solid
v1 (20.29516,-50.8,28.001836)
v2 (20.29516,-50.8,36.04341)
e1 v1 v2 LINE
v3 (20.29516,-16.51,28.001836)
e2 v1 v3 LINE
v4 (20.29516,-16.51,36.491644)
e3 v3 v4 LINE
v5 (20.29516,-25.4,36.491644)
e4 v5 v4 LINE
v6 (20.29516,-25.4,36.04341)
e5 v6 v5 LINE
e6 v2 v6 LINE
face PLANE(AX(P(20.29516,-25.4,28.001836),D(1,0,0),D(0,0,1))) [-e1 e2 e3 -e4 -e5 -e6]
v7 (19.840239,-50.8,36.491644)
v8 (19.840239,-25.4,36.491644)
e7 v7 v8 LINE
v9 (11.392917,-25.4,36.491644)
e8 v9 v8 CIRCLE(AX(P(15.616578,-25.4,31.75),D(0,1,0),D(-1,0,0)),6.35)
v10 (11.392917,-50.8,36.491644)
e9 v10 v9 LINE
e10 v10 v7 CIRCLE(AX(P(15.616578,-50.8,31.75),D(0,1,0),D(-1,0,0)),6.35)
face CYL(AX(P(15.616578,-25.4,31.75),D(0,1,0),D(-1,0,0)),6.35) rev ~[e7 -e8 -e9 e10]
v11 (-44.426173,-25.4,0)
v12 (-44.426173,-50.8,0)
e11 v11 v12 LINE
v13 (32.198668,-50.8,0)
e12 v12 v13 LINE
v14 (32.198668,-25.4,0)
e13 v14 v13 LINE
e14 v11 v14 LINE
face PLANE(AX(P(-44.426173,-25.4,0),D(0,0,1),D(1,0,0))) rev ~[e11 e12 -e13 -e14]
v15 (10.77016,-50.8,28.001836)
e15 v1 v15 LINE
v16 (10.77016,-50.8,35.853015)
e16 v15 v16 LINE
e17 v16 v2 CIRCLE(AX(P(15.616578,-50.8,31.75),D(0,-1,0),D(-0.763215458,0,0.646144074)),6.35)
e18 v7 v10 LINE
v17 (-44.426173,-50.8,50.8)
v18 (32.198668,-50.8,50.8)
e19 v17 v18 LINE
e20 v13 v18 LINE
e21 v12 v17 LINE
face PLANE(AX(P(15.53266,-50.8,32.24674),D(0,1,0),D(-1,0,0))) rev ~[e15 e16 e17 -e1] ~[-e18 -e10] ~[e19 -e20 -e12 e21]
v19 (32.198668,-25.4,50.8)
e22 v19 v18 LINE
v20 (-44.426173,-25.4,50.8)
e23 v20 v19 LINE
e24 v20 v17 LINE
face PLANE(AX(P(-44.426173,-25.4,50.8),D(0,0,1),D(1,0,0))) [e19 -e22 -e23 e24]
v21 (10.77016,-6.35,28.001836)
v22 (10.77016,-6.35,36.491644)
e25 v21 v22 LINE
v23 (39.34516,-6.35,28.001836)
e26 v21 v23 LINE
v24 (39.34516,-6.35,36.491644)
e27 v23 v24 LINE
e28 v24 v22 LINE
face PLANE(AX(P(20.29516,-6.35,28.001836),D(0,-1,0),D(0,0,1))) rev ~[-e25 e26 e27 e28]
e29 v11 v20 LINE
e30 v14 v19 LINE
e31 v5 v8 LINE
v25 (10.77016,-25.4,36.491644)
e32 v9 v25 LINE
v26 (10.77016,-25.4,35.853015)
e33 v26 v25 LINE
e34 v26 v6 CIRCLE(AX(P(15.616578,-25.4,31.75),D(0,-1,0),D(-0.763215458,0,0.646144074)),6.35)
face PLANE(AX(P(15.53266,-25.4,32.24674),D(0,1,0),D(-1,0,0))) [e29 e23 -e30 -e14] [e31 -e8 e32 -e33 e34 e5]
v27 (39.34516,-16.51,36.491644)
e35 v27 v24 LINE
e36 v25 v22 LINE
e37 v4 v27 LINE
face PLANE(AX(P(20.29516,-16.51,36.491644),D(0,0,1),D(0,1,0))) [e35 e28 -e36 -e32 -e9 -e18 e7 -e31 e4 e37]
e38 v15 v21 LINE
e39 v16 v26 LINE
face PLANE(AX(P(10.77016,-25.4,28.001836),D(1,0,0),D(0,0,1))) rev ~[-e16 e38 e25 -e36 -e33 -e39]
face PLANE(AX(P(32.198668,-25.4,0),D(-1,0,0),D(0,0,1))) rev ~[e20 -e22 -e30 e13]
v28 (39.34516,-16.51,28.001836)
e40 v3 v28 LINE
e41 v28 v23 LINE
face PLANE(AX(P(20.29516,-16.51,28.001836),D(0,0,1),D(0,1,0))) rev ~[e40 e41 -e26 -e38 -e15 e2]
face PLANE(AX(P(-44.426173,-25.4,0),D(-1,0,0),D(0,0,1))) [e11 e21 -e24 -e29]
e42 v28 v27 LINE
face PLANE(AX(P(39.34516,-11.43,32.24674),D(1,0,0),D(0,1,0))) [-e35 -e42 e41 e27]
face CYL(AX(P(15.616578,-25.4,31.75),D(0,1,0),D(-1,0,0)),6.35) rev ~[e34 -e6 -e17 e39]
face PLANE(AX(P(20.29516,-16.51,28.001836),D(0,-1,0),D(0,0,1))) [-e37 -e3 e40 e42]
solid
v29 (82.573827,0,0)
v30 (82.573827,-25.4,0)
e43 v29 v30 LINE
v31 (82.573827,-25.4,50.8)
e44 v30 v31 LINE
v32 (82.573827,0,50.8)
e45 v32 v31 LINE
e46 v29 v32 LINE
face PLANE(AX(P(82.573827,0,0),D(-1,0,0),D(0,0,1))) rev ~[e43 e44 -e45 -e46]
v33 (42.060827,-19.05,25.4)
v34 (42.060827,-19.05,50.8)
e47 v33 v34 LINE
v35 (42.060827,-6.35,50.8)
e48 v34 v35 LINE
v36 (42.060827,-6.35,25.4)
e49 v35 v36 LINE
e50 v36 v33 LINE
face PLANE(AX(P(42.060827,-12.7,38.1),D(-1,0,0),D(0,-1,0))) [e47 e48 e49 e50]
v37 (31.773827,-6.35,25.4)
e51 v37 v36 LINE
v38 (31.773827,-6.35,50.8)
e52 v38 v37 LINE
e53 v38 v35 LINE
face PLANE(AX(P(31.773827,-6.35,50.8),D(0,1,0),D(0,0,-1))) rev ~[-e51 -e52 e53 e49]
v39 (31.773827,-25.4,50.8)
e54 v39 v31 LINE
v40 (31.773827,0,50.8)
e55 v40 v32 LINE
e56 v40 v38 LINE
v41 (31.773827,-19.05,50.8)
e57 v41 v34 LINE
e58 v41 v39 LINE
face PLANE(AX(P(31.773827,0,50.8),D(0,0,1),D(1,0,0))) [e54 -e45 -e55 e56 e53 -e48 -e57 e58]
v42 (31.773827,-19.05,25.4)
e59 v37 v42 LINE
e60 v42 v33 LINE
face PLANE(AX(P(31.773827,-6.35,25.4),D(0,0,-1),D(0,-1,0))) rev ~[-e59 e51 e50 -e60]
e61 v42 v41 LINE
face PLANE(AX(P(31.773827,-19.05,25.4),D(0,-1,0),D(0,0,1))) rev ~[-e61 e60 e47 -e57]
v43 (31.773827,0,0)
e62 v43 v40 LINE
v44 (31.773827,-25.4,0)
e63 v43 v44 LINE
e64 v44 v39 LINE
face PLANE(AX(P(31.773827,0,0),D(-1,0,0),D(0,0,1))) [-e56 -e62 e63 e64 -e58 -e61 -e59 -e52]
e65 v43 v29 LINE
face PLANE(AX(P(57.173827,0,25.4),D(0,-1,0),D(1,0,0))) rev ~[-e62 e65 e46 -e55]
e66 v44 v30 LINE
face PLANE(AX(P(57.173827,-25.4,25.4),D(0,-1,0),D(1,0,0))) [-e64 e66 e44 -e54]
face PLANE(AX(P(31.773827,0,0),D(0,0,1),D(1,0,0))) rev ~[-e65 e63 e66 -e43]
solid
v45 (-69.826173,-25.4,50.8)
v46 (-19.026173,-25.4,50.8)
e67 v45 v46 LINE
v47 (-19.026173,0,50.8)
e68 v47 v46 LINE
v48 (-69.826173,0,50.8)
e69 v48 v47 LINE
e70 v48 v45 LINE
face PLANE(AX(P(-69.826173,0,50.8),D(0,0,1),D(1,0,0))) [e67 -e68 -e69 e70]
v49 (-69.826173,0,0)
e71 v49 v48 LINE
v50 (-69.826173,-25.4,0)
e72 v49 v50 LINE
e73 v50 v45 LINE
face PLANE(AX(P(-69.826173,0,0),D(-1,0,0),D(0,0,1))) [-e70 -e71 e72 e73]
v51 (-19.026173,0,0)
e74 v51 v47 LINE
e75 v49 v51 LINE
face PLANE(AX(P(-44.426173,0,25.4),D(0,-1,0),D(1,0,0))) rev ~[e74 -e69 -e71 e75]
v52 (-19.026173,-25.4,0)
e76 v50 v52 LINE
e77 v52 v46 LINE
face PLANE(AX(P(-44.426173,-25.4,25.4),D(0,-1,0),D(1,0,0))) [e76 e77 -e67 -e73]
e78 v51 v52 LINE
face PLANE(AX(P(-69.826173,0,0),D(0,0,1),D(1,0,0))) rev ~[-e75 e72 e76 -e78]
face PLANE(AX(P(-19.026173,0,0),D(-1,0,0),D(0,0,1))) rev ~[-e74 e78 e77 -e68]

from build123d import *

# Parameters (mm, degrees)
F0_W          = 50.8
F0_H          = 50.8
F1_DEPTH      = 25.4
F2_W          = 76.6248404759
F2_H          = 50.8
F3_DEPTH      = 25.4
F4_R          = 6.35
F5_DEPTH      = 25.4
F7_DEPTH      = 10.287
F8_W          = 9.525
F8_H          = 8.4898080677
F9_DEPTH      = 25.4
F9_DEPTH_BACK = 19.05
F10_W         = 10.16
F10_H         = 8.4898080677
F11_DEPTH     = 19.05


with BuildPart() as f1:
    # F0 (on Front) → F1 (new body)
    with BuildSketch(Plane.XZ):
        with Locations((57.1738270503, 25.4)):
            Rectangle(F0_W, F0_H)
    extrude(amount=F1_DEPTH)

    # F6 (on face) → F7 (cut)
    with BuildSketch(Plane(origin=(31.7738270503, 0, 0), x_dir=(0, -1, 0), z_dir=(-1, 0, 0))):
        Polygon((6.35, 50.8), (6.35, 25.4), (19.05, 25.4), (19.05, 42.4634665251), (19.05, 50.8), align=None)
    extrude(amount=-F7_DEPTH, mode=Mode.SUBTRACT)


with BuildPart() as f1b:
    # F0 (on Front) → F1, piece 2 (new body)
    with BuildSketch(Plane.XZ):
        with Locations((-44.4261729497, 25.4)):
            Rectangle(F0_W, F0_H)
    extrude(amount=F1_DEPTH)


with BuildPart() as f3:
    # F2 (on face) → F3 (new body)
    with BuildSketch(Plane.XZ.offset(25.4)):
        with Locations((-6.1137527117, 25.4)):
            Rectangle(F2_W, F2_H)
    extrude(amount=F3_DEPTH)

    # F4 (on face) → F5 (cut)
    with BuildSketch(Plane(origin=(0, -25.4, 0), x_dir=(-1, 0, 0), z_dir=(0, 1, 0))):
        with Locations((-15.61657805, 31.75)):
            Circle(F4_R)
    extrude(amount=-F5_DEPTH, mode=Mode.SUBTRACT)

    # F8 (on face) → F9 (join, two sides)
    with BuildSketch(Plane(origin=(0, -25.4, 0), x_dir=(-1, 0, 0), z_dir=(0, 1, 0))) as f9_sk:
        with Locations((-15.5326598912, 32.2467396036)):
            Rectangle(F8_W, F8_H)
    extrude(amount=-F9_DEPTH)
    extrude(f9_sk.sketch, amount=F9_DEPTH_BACK)

    # F10 (on face) → F11 (join)
    with BuildSketch(Plane.YZ.offset(20.2951598912)):
        with Locations((-11.43, 32.2467396036)):
            Rectangle(F10_W, F10_H)
    extrude(amount=F11_DEPTH)


solid = Compound([f1.part, f1b.part, f3.part])
